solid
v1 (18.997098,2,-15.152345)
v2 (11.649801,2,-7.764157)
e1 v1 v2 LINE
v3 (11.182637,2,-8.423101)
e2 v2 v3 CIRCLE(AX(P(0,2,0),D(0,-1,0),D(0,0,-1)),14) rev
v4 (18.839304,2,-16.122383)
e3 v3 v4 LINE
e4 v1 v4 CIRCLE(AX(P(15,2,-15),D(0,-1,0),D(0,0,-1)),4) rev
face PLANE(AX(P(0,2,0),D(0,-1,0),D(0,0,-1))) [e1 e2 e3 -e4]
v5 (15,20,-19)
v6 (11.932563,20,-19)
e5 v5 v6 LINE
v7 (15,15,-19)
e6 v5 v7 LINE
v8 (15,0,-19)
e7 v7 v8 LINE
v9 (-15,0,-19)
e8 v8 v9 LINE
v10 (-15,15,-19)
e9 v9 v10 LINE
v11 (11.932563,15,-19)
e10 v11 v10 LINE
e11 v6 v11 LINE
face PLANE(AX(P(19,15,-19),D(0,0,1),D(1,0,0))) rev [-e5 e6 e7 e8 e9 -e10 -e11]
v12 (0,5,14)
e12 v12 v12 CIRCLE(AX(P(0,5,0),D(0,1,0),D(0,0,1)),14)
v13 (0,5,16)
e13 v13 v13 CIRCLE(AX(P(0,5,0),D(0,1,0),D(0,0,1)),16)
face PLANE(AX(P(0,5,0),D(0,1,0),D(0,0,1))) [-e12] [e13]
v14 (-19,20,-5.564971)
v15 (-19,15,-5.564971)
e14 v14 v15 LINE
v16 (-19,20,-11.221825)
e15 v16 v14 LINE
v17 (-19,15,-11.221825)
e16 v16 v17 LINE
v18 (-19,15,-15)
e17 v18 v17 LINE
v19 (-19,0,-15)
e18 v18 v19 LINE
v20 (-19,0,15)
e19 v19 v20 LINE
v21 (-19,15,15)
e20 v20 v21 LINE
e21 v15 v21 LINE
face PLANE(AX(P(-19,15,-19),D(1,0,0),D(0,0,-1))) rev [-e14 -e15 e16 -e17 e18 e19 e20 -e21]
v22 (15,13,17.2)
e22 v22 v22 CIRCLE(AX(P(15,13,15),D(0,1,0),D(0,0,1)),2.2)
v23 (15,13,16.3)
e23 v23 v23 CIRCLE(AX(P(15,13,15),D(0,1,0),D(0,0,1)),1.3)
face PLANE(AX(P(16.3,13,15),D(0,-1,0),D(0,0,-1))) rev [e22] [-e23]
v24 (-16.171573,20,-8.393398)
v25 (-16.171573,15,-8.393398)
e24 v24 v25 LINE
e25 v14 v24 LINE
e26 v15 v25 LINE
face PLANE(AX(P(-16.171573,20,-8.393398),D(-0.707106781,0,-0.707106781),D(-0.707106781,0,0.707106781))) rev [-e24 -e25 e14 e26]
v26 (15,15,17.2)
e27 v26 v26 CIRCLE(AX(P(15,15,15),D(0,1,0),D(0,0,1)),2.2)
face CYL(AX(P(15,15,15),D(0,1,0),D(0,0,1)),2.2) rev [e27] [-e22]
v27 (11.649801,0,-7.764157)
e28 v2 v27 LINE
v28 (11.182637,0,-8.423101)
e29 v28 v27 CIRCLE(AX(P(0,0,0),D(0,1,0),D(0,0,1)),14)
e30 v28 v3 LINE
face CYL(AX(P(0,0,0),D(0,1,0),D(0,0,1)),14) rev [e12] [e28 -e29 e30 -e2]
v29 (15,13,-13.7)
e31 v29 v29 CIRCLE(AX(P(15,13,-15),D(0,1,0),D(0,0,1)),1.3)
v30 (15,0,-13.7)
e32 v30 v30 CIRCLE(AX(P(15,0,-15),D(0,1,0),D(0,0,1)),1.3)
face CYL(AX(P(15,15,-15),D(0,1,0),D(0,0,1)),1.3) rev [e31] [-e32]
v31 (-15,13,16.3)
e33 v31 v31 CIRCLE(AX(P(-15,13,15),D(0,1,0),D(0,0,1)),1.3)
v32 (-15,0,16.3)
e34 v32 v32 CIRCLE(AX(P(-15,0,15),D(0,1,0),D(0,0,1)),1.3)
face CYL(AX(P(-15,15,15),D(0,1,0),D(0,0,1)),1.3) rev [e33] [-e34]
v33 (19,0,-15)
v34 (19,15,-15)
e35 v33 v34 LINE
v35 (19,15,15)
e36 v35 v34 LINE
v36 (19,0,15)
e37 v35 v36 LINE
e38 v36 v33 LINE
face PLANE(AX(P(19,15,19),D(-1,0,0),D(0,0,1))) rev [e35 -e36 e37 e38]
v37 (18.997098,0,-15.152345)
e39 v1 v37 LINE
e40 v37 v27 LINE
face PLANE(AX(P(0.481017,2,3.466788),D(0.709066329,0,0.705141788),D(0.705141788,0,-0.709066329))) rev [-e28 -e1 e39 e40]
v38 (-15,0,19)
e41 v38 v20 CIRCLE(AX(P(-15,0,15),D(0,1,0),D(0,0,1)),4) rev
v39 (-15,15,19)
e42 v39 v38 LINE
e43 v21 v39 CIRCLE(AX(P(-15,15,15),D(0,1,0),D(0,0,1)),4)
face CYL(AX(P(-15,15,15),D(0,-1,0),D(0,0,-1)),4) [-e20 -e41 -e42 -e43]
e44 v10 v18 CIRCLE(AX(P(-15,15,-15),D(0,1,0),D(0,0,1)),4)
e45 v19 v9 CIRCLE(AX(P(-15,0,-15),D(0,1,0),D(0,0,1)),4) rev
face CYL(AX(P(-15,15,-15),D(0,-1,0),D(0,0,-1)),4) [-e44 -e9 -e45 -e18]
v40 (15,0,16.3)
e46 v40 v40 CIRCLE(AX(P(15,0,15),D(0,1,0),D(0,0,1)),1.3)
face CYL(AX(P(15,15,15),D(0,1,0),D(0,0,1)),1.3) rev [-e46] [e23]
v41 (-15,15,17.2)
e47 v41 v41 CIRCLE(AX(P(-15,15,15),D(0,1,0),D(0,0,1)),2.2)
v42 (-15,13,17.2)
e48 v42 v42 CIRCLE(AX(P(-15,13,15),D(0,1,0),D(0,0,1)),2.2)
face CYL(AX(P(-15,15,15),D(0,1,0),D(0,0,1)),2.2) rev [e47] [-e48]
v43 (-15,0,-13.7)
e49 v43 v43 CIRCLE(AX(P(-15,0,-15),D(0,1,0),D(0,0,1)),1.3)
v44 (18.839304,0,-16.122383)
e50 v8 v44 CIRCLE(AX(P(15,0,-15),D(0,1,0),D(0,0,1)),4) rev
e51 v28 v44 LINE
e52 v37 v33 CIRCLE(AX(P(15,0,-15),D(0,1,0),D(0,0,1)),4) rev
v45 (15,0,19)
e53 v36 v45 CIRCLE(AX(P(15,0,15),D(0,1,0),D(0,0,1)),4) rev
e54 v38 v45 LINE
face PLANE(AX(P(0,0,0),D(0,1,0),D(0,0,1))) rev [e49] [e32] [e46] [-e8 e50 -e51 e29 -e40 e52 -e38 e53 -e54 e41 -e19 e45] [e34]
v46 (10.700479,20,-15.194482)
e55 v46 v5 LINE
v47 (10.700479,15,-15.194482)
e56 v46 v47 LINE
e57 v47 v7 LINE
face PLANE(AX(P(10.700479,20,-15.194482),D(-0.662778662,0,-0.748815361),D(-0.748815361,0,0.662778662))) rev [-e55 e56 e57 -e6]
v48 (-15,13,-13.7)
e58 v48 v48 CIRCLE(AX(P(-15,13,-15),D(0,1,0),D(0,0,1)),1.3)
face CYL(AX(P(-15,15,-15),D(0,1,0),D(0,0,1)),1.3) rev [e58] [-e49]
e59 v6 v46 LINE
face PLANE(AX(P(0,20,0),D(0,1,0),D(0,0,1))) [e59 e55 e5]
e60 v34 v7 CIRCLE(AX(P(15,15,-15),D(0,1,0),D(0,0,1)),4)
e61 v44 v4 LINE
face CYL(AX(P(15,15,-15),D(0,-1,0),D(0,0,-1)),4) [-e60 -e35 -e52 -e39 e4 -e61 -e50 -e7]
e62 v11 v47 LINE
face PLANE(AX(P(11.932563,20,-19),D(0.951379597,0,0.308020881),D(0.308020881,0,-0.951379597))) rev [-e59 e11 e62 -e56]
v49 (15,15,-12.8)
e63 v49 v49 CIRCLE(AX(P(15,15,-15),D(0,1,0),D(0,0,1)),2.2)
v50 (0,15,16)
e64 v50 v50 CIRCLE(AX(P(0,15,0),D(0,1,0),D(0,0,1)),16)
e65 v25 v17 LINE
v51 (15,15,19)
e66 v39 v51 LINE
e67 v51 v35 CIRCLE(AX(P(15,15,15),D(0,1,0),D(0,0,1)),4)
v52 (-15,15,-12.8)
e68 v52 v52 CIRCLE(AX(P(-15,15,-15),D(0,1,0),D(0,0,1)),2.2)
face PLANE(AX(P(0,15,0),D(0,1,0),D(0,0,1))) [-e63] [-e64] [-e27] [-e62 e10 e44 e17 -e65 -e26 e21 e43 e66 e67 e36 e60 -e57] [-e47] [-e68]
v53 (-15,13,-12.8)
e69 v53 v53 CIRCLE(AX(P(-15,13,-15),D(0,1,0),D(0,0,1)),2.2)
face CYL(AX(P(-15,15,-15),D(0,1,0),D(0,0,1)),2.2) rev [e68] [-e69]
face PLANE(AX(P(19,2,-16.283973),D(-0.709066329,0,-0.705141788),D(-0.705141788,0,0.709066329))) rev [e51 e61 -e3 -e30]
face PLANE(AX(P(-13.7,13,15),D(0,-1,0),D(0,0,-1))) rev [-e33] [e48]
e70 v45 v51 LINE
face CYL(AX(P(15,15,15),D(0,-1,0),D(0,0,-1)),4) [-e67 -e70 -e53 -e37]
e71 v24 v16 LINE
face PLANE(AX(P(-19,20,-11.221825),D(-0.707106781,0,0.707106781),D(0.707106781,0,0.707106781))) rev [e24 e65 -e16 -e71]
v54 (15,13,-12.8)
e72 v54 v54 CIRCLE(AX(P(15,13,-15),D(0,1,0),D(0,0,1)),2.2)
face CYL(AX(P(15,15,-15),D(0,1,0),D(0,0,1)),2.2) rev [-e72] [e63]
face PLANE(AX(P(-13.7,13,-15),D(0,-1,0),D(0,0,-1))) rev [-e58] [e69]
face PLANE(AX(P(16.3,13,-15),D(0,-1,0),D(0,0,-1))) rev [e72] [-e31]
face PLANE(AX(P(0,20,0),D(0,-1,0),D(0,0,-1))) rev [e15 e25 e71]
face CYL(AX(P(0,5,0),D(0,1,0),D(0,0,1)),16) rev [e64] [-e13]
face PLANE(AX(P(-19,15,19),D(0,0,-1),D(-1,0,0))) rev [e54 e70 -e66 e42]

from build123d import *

# Parameters (mm, degrees)
SKETCH1_W                      = 38
SKETCH1_H                      = 38
BOSS_EXTRUDE1_DEPTH            = 15
SKETCH2_R                      = 16
CUT_EXTRUDE1_DEPTH             = 10
SKETCH2_3_R                    = 14
CUT_EXTRUDE3_DEPTH             = 31.773365107
FILLET1_R                      = 4
CBORE_FOR_M2_SHCS1_D           = 2.6
CBORE_FOR_M2_SHCS1_CBORE_D     = 4.4
CBORE_FOR_M2_SHCS1_CBORE_DEPTH = 2
CUT_EXTRUDE4_DEPTH             = 2
BOSS_EXTRUDE3_DEPTH            = 5


with BuildPart() as part:
    # Sketch1 → Boss-Extrude1 (new body)
    with BuildSketch(Plane(origin=(0, 0, 0), x_dir=(1, 0, 0), z_dir=(0, 1, 0))):
        Rectangle(SKETCH1_W, SKETCH1_H)
    extrude(amount=BOSS_EXTRUDE1_DEPTH)

    # Sketch2 → Cut-Extrude1 (cut)
    with BuildSketch(Plane(origin=(0, 15, 0), x_dir=(1, 0, 0), z_dir=(0, 1, 0))):
        Circle(SKETCH2_R)
    extrude(amount=-CUT_EXTRUDE1_DEPTH, mode=Mode.SUBTRACT)

    # Sketch2<3> → Cut-Extrude3 (cut, through all)
    with BuildSketch(Plane(origin=(0, 15, 0), x_dir=(1, 0, 0), z_dir=(0, 1, 0))):
        Circle(SKETCH2_3_R)
    extrude(amount=-CUT_EXTRUDE3_DEPTH, mode=Mode.SUBTRACT)

    # Fillet1
    fillet1_edges = [part.edges().sort_by_distance(p)[0] for p in [
        (-19, 7.5, 19),
        (19, 7.5, 19),
        (-19, 7.5, -19),
        (19, 7.5, -19),
    ]]
    fillet(fillet1_edges, radius=FILLET1_R)

    # CBORE for M2 SHCS1 (through all)
    with Locations(Plane(origin=(0, 15, 0), x_dir=(1, 0, 0), z_dir=(0, 1, 0))):
        with Locations((-15, 15), (15, 15), (-15, -15), (15, -15)):
            CounterBoreHole(CBORE_FOR_M2_SHCS1_D / 2, CBORE_FOR_M2_SHCS1_CBORE_D / 2, CBORE_FOR_M2_SHCS1_CBORE_DEPTH)

    # Sketch6 → Cut-Extrude4 (cut)
    with BuildSketch(Plane.XZ):
        Polygon((0.343583705, 2.476277496), (0.481017187, 3.466788495), (19, -15.155263686), (19, -16.283973067), align=None)
    extrude(amount=-CUT_EXTRUDE4_DEPTH, mode=Mode.SUBTRACT)

    # Sketch7 → Boss-Extrude3 (add)
    with BuildSketch(Plane(origin=(0, 15, 0), x_dir=(1, 0, 0), z_dir=(0, 1, 0))):
        Polygon((-19, 11.221825407), (-16.171572875, 8.393398282), (-19, 5.564971157), align=None)
        Polygon((11.932562755, 19), (10.700479231, 15.194481614), (15, 19), align=None)
    extrude(amount=BOSS_EXTRUDE3_DEPTH)


solid = part.part
